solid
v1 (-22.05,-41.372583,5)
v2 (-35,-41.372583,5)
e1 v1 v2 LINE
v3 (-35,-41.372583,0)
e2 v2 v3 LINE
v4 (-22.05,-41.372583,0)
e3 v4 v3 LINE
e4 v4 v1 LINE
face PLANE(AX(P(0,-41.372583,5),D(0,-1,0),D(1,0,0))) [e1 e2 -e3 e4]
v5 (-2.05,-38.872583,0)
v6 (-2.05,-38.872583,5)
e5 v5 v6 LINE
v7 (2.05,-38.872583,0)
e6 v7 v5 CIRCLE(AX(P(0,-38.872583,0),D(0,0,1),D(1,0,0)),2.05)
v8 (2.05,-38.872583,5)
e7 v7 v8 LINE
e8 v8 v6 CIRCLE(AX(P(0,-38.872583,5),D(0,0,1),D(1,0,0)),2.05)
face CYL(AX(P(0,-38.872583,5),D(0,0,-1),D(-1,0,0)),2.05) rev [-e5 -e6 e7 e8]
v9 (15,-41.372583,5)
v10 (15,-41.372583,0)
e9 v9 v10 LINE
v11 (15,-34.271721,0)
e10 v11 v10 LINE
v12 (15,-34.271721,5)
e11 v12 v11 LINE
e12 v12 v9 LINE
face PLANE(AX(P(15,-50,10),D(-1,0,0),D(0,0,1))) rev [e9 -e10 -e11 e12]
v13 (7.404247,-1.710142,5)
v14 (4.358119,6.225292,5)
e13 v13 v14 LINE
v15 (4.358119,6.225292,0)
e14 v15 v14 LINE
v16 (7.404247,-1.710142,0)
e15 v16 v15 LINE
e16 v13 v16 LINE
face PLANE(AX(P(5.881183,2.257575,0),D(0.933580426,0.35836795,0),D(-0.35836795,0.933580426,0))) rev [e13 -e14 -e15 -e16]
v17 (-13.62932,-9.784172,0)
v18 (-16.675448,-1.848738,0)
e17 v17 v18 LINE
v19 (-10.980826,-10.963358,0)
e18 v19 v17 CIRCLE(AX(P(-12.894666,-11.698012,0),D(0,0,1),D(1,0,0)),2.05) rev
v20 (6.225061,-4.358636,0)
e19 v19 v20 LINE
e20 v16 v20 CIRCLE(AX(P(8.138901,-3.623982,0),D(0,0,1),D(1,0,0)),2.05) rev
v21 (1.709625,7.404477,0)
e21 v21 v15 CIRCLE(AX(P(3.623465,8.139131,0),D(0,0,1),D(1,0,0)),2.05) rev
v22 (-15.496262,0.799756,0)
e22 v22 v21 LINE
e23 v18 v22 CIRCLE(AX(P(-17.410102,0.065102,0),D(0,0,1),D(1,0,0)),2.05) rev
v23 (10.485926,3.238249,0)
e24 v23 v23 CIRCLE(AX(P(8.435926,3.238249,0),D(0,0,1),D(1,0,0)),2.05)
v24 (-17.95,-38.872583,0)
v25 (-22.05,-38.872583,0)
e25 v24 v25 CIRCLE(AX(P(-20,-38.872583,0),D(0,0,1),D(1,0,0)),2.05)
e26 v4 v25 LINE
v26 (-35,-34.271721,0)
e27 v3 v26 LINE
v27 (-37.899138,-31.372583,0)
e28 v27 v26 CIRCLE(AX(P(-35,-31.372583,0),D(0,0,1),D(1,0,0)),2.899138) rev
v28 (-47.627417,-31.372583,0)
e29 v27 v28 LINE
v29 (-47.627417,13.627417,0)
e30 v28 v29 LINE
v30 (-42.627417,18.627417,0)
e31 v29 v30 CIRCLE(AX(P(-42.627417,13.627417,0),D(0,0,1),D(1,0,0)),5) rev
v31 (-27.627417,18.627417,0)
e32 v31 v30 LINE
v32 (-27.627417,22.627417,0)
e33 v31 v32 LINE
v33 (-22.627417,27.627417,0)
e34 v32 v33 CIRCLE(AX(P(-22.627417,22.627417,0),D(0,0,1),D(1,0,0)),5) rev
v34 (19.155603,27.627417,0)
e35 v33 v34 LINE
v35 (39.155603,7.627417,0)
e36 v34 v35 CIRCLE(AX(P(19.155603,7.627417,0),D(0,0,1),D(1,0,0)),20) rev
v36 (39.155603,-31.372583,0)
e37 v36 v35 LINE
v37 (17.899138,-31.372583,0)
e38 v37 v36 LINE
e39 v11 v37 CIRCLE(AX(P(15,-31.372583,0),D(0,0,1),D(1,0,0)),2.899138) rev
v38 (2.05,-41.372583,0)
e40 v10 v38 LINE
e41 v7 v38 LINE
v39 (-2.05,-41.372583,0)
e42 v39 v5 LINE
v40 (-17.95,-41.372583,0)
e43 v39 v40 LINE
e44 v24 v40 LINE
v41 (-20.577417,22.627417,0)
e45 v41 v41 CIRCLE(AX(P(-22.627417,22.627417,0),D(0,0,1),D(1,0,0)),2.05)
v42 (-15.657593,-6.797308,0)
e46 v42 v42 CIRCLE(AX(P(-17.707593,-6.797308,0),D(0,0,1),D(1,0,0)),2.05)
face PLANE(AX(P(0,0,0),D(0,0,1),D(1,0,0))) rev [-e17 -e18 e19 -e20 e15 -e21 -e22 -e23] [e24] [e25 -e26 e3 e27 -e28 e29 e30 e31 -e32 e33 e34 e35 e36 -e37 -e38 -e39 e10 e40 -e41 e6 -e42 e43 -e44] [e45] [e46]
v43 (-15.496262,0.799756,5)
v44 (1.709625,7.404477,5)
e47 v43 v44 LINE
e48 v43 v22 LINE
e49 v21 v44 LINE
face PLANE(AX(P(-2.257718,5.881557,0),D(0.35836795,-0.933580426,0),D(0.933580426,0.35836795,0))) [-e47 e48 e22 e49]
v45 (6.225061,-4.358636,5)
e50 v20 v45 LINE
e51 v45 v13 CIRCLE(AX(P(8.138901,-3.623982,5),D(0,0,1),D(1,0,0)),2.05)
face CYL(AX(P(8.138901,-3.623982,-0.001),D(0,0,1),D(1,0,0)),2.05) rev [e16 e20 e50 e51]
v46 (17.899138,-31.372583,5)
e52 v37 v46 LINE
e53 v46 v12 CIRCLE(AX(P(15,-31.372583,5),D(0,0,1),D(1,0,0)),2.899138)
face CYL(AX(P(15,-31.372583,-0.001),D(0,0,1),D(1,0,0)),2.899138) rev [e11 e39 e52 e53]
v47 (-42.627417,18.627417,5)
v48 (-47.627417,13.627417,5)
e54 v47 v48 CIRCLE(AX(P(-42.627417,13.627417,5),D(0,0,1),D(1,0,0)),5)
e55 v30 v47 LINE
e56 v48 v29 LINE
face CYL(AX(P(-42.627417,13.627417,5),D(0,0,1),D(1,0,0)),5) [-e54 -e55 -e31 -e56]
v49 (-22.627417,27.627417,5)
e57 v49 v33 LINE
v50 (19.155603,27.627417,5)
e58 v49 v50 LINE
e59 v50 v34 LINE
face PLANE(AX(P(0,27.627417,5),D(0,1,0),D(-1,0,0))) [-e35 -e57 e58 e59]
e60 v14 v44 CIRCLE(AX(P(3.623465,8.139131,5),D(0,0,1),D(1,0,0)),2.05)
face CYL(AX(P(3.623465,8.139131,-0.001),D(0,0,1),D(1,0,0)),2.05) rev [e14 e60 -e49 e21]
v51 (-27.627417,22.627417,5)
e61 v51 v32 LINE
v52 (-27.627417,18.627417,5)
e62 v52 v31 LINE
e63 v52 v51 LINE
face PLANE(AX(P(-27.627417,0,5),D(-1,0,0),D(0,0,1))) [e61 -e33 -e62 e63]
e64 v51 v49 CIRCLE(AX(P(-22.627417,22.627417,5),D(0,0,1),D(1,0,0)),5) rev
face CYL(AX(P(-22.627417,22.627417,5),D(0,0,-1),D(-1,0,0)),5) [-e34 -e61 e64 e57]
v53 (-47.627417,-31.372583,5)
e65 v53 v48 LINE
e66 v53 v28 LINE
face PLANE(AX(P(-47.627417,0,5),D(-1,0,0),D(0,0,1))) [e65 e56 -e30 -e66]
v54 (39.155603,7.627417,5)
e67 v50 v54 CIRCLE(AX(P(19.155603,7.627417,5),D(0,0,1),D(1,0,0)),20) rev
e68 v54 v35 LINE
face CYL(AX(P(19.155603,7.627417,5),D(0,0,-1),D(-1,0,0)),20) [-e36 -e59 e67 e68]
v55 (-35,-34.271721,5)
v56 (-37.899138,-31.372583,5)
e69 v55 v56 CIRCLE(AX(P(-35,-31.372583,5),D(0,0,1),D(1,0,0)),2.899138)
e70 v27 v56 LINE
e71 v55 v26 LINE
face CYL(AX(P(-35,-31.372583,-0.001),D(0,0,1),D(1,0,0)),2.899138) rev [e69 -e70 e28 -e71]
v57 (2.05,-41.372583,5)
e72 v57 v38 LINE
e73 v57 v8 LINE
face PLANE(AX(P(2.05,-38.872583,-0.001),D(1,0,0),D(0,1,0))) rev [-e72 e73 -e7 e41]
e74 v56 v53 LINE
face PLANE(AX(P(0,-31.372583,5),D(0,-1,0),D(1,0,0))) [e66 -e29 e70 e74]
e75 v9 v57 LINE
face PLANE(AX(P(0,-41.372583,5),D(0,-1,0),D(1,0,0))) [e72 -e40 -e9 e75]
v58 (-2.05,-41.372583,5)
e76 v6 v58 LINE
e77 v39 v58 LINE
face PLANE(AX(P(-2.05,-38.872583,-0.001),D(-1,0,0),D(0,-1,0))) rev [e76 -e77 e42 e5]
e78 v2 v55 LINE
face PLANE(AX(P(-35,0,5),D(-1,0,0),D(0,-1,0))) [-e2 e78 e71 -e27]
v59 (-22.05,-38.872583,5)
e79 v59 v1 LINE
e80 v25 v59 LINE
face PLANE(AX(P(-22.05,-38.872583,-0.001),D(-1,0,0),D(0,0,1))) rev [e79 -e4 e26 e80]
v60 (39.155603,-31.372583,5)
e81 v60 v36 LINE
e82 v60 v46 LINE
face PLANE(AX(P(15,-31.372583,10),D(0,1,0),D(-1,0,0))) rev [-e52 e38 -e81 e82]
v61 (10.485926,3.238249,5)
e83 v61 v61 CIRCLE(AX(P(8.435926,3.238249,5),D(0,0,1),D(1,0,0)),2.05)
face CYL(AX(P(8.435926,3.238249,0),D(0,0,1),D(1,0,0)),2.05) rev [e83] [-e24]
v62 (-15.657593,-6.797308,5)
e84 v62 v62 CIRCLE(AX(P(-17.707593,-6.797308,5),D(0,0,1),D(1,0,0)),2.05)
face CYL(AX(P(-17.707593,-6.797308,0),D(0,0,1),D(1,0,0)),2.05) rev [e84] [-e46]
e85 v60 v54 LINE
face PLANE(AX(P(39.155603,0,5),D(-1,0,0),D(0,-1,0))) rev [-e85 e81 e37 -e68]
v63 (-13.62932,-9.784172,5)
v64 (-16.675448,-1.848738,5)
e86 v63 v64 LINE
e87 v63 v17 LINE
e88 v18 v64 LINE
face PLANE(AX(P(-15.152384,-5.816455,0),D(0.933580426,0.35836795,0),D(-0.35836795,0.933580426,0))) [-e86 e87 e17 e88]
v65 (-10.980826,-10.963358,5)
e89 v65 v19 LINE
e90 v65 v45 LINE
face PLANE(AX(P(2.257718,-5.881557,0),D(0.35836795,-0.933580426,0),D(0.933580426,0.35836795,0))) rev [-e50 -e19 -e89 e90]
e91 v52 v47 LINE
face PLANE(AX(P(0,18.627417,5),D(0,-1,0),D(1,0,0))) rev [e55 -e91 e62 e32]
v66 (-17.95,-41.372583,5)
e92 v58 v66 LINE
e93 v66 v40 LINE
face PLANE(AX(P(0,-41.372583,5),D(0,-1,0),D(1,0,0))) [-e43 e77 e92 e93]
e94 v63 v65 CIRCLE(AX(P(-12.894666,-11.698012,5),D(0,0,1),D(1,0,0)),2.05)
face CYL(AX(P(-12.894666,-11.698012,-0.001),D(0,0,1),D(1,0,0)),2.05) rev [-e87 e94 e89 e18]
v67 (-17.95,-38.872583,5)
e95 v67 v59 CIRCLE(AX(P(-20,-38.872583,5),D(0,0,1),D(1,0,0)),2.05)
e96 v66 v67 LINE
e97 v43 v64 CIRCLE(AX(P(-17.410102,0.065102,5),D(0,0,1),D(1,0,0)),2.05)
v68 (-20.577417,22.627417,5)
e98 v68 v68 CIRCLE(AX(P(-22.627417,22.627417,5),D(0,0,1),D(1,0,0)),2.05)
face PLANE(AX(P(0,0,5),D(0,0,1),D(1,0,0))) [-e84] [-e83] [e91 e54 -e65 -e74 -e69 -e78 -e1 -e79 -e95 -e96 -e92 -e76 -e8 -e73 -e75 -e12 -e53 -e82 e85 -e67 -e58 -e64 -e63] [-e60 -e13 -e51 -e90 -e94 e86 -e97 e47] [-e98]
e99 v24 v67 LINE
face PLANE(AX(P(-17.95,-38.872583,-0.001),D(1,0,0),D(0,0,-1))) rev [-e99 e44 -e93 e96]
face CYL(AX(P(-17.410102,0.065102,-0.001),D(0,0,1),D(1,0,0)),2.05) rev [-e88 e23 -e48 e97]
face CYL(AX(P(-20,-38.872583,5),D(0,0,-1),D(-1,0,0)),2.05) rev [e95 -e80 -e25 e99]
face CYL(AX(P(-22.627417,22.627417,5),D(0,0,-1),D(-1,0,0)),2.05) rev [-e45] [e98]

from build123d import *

# Parameters (mm, degrees)
SCHIZZO1_R                   = 2.5
SCHIZZO1_R_2                 = 2.05
ESTRUSIONE_ESTRUSIONE1_DEPTH = 5
SCHIZZO2_R                   = 2.05
TAGLIO_ESTRUSIONE1_DEPTH     = 6
CROQUIS1_W                   = 24.155603231
CROQUIS1_H                   = 18.627416998
CORTAR_EXTRUIR1_DEPTH        = 10
FILLET1_R                    = 5
CUT_EXTRUDE1_REACH           = 7
SKETCH1_R                    = 2.899137803
CUT_EXTRUDE2_REACH           = 7
SKETCH2_R                    = 2.05


with BuildPart() as part:
    # Schizzo1 → Estrusione-Estrusione1 (new body)
    with BuildSketch(Plane.XY):
        with BuildLine():
            Line((39.155603231, -41.372583002), (-35, -41.372583002))
            Line((-35, -41.372583002), (-35, -31.372583002))
            Line((-35, -31.372583002), (-47.627416998, -31.372583002))
            Line((-47.627416998, -31.372583002), (-47.627416998, 18.627416998))
            Line((-47.627416998, 18.627416998), (-27.627416998, 18.627416998))
            Line((-27.627416998, 18.627416998), (-27.627416998, 22.627416998))
            ThreePointArc((-27.627416998, 22.627416998), (-26.162950904, 26.162950904), (-22.627416998, 27.627416998))
            Line((-22.627416998, 27.627416998), (19.155603231, 27.627416998))
            ThreePointArc((19.155603231, 27.627416998), (33.297738855, 21.769552622), (39.155603231, 7.627416998))
            Line((39.155603231, 7.627416998), (39.155603231, -41.372583002))
        make_face()
        Circle(SCHIZZO1_R, mode=Mode.SUBTRACT)
        with Locations((-20, -38.872583002)):
            Circle(SCHIZZO1_R_2, mode=Mode.SUBTRACT)
        with Locations((0, -38.872583002)):
            Circle(SCHIZZO1_R_2, mode=Mode.SUBTRACT)
        with Locations((-22.627416998, 22.627416998)):
            Circle(SCHIZZO1_R_2, mode=Mode.SUBTRACT)
    extrude(amount=ESTRUSIONE_ESTRUSIONE1_DEPTH)

    # Schizzo2 → Taglio-Estrusione1 (cut, through all)
    with BuildSketch(Plane.XY.offset(5)):
        with Locations((-17.707593382, -6.797308246)):
            Circle(SCHIZZO2_R)
        with Locations((8.435926092, 3.238248629)):
            Circle(SCHIZZO2_R)
        Polygon((-12.894665672, -11.698011855), (8.138901337, -3.623981952), (3.623465173, 8.139131422), (-17.410101836, 0.065101519), align=None)
    extrude(amount=-TAGLIO_ESTRUSIONE1_DEPTH, mode=Mode.SUBTRACT)

    # Croquis1 → Cortar-Extruir1 (cut)
    with BuildSketch(Plane(origin=(0, 0, 0), x_dir=(-1, 0, 0), z_dir=(0, 0, -1))):
        with Locations((-27.077801616, -40.686291501)):
            Rectangle(CROQUIS1_W, CROQUIS1_H)
    extrude(amount=-CORTAR_EXTRUIR1_DEPTH, mode=Mode.SUBTRACT)

    # Fillet1
    fillet1_edges = [part.edges().sort_by_distance(p)[0] for p in [
        (-47.627416998, 18.627416998, 2.5),
    ]]
    fillet(fillet1_edges, radius=FILLET1_R)

    # Sketch1 → Cut-Extrude1 (cut, up to next)
    with BuildSketch(Plane.XY.offset(5), mode=Mode.PRIVATE) as cut_extrude1_sk1:
        with Locations((-35, -31.372583002)):
            Circle(SKETCH1_R)
    cut_extrude1_tool1 = extrude(cut_extrude1_sk1.sketch, amount=-CUT_EXTRUDE1_REACH, mode=Mode.PRIVATE) & part.part
    add(cut_extrude1_tool1.solids().sort_by_distance((-35, -31.372583, 5))[0], mode=Mode.SUBTRACT)
    # Sketch1 → Cut-Extrude1 (cut, up to next)
    with BuildSketch(Plane.XY.offset(5), mode=Mode.PRIVATE) as cut_extrude1_sk2:
        with Locations((15, -31.372583002)):
            Circle(SKETCH1_R)
    cut_extrude1_tool2 = extrude(cut_extrude1_sk2.sketch, amount=-CUT_EXTRUDE1_REACH, mode=Mode.PRIVATE) & part.part
    add(cut_extrude1_tool2.solids().sort_by_distance((15, -31.372583, 5))[0], mode=Mode.SUBTRACT)
    # Sketch1 → Cut-Extrude1 (cut, up to next)
    with BuildSketch(Plane.XY.offset(5), mode=Mode.PRIVATE) as cut_extrude1_sk3:
        with BuildLine():
            Line((-17.95, -38.872583002), (-17.95, -41.372583002))
            ThreePointArc((-17.95, -41.372583002), (-20, -43.422583002), (-22.05, -41.372583002))
            Line((-22.05, -41.372583002), (-22.05, -38.872583002))
            ThreePointArc((-22.05, -38.872583002), (-20, -36.822583002), (-17.95, -38.872583002))
        make_face()
    cut_extrude1_tool3 = extrude(cut_extrude1_sk3.sketch, amount=-CUT_EXTRUDE1_REACH, mode=Mode.PRIVATE) & part.part
    add(cut_extrude1_tool3.solids().sort_by_distance((-20, -40.122583, 5))[0], mode=Mode.SUBTRACT)
    # Sketch1 → Cut-Extrude1 (cut, up to next)
    with BuildSketch(Plane.XY.offset(5), mode=Mode.PRIVATE) as cut_extrude1_sk4:
        with BuildLine():
            Line((2.05, -38.872583002), (2.05, -41.372583002))
            ThreePointArc((2.05, -41.372583002), (0, -43.422583002), (-2.05, -41.372583002))
            Line((-2.05, -41.372583002), (-2.05, -38.872583002))
            ThreePointArc((-2.05, -38.872583002), (0, -36.822583002), (2.05, -38.872583002))
        make_face()
    cut_extrude1_tool4 = extrude(cut_extrude1_sk4.sketch, amount=-CUT_EXTRUDE1_REACH, mode=Mode.PRIVATE) & part.part
    add(cut_extrude1_tool4.solids().sort_by_distance((0, -40.122583, 5))[0], mode=Mode.SUBTRACT)

    # Sketch2 → Cut-Extrude2 (cut, up to next)
    with BuildSketch(Plane.XY.offset(5), mode=Mode.PRIVATE) as cut_extrude2_sk1:
        with Locations((-12.894665672, -11.698011855)):
            Circle(SKETCH2_R)
    cut_extrude2_tool1 = extrude(cut_extrude2_sk1.sketch, amount=-CUT_EXTRUDE2_REACH, mode=Mode.PRIVATE) & part.part
    add(cut_extrude2_tool1.solids().sort_by_distance((-12.894666, -11.698012, 5))[0], mode=Mode.SUBTRACT)
    # Sketch2 → Cut-Extrude2 (cut, up to next)
    with BuildSketch(Plane.XY.offset(5), mode=Mode.PRIVATE) as cut_extrude2_sk2:
        with Locations((8.138901337, -3.623981952)):
            Circle(SKETCH2_R)
    cut_extrude2_tool2 = extrude(cut_extrude2_sk2.sketch, amount=-CUT_EXTRUDE2_REACH, mode=Mode.PRIVATE) & part.part
    add(cut_extrude2_tool2.solids().sort_by_distance((8.138901, -3.623982, 5))[0], mode=Mode.SUBTRACT)
    # Sketch2 → Cut-Extrude2 (cut, up to next)
    with BuildSketch(Plane.XY.offset(5), mode=Mode.PRIVATE) as cut_extrude2_sk3:
        with Locations((3.623465173, 8.139131422)):
            Circle(SKETCH2_R)
    cut_extrude2_tool3 = extrude(cut_extrude2_sk3.sketch, amount=-CUT_EXTRUDE2_REACH, mode=Mode.PRIVATE) & part.part
    add(cut_extrude2_tool3.solids().sort_by_distance((3.623465, 8.139131, 5))[0], mode=Mode.SUBTRACT)
    # Sketch2 → Cut-Extrude2 (cut, up to next)
    with BuildSketch(Plane.XY.offset(5), mode=Mode.PRIVATE) as cut_extrude2_sk4:
        with Locations((-17.410101836, 0.065101519)):
            Circle(SKETCH2_R)
    cut_extrude2_tool4 = extrude(cut_extrude2_sk4.sketch, amount=-CUT_EXTRUDE2_REACH, mode=Mode.PRIVATE) & part.part
    add(cut_extrude2_tool4.solids().sort_by_distance((-17.410102, 0.065102, 5))[0], mode=Mode.SUBTRACT)


solid = part.part
